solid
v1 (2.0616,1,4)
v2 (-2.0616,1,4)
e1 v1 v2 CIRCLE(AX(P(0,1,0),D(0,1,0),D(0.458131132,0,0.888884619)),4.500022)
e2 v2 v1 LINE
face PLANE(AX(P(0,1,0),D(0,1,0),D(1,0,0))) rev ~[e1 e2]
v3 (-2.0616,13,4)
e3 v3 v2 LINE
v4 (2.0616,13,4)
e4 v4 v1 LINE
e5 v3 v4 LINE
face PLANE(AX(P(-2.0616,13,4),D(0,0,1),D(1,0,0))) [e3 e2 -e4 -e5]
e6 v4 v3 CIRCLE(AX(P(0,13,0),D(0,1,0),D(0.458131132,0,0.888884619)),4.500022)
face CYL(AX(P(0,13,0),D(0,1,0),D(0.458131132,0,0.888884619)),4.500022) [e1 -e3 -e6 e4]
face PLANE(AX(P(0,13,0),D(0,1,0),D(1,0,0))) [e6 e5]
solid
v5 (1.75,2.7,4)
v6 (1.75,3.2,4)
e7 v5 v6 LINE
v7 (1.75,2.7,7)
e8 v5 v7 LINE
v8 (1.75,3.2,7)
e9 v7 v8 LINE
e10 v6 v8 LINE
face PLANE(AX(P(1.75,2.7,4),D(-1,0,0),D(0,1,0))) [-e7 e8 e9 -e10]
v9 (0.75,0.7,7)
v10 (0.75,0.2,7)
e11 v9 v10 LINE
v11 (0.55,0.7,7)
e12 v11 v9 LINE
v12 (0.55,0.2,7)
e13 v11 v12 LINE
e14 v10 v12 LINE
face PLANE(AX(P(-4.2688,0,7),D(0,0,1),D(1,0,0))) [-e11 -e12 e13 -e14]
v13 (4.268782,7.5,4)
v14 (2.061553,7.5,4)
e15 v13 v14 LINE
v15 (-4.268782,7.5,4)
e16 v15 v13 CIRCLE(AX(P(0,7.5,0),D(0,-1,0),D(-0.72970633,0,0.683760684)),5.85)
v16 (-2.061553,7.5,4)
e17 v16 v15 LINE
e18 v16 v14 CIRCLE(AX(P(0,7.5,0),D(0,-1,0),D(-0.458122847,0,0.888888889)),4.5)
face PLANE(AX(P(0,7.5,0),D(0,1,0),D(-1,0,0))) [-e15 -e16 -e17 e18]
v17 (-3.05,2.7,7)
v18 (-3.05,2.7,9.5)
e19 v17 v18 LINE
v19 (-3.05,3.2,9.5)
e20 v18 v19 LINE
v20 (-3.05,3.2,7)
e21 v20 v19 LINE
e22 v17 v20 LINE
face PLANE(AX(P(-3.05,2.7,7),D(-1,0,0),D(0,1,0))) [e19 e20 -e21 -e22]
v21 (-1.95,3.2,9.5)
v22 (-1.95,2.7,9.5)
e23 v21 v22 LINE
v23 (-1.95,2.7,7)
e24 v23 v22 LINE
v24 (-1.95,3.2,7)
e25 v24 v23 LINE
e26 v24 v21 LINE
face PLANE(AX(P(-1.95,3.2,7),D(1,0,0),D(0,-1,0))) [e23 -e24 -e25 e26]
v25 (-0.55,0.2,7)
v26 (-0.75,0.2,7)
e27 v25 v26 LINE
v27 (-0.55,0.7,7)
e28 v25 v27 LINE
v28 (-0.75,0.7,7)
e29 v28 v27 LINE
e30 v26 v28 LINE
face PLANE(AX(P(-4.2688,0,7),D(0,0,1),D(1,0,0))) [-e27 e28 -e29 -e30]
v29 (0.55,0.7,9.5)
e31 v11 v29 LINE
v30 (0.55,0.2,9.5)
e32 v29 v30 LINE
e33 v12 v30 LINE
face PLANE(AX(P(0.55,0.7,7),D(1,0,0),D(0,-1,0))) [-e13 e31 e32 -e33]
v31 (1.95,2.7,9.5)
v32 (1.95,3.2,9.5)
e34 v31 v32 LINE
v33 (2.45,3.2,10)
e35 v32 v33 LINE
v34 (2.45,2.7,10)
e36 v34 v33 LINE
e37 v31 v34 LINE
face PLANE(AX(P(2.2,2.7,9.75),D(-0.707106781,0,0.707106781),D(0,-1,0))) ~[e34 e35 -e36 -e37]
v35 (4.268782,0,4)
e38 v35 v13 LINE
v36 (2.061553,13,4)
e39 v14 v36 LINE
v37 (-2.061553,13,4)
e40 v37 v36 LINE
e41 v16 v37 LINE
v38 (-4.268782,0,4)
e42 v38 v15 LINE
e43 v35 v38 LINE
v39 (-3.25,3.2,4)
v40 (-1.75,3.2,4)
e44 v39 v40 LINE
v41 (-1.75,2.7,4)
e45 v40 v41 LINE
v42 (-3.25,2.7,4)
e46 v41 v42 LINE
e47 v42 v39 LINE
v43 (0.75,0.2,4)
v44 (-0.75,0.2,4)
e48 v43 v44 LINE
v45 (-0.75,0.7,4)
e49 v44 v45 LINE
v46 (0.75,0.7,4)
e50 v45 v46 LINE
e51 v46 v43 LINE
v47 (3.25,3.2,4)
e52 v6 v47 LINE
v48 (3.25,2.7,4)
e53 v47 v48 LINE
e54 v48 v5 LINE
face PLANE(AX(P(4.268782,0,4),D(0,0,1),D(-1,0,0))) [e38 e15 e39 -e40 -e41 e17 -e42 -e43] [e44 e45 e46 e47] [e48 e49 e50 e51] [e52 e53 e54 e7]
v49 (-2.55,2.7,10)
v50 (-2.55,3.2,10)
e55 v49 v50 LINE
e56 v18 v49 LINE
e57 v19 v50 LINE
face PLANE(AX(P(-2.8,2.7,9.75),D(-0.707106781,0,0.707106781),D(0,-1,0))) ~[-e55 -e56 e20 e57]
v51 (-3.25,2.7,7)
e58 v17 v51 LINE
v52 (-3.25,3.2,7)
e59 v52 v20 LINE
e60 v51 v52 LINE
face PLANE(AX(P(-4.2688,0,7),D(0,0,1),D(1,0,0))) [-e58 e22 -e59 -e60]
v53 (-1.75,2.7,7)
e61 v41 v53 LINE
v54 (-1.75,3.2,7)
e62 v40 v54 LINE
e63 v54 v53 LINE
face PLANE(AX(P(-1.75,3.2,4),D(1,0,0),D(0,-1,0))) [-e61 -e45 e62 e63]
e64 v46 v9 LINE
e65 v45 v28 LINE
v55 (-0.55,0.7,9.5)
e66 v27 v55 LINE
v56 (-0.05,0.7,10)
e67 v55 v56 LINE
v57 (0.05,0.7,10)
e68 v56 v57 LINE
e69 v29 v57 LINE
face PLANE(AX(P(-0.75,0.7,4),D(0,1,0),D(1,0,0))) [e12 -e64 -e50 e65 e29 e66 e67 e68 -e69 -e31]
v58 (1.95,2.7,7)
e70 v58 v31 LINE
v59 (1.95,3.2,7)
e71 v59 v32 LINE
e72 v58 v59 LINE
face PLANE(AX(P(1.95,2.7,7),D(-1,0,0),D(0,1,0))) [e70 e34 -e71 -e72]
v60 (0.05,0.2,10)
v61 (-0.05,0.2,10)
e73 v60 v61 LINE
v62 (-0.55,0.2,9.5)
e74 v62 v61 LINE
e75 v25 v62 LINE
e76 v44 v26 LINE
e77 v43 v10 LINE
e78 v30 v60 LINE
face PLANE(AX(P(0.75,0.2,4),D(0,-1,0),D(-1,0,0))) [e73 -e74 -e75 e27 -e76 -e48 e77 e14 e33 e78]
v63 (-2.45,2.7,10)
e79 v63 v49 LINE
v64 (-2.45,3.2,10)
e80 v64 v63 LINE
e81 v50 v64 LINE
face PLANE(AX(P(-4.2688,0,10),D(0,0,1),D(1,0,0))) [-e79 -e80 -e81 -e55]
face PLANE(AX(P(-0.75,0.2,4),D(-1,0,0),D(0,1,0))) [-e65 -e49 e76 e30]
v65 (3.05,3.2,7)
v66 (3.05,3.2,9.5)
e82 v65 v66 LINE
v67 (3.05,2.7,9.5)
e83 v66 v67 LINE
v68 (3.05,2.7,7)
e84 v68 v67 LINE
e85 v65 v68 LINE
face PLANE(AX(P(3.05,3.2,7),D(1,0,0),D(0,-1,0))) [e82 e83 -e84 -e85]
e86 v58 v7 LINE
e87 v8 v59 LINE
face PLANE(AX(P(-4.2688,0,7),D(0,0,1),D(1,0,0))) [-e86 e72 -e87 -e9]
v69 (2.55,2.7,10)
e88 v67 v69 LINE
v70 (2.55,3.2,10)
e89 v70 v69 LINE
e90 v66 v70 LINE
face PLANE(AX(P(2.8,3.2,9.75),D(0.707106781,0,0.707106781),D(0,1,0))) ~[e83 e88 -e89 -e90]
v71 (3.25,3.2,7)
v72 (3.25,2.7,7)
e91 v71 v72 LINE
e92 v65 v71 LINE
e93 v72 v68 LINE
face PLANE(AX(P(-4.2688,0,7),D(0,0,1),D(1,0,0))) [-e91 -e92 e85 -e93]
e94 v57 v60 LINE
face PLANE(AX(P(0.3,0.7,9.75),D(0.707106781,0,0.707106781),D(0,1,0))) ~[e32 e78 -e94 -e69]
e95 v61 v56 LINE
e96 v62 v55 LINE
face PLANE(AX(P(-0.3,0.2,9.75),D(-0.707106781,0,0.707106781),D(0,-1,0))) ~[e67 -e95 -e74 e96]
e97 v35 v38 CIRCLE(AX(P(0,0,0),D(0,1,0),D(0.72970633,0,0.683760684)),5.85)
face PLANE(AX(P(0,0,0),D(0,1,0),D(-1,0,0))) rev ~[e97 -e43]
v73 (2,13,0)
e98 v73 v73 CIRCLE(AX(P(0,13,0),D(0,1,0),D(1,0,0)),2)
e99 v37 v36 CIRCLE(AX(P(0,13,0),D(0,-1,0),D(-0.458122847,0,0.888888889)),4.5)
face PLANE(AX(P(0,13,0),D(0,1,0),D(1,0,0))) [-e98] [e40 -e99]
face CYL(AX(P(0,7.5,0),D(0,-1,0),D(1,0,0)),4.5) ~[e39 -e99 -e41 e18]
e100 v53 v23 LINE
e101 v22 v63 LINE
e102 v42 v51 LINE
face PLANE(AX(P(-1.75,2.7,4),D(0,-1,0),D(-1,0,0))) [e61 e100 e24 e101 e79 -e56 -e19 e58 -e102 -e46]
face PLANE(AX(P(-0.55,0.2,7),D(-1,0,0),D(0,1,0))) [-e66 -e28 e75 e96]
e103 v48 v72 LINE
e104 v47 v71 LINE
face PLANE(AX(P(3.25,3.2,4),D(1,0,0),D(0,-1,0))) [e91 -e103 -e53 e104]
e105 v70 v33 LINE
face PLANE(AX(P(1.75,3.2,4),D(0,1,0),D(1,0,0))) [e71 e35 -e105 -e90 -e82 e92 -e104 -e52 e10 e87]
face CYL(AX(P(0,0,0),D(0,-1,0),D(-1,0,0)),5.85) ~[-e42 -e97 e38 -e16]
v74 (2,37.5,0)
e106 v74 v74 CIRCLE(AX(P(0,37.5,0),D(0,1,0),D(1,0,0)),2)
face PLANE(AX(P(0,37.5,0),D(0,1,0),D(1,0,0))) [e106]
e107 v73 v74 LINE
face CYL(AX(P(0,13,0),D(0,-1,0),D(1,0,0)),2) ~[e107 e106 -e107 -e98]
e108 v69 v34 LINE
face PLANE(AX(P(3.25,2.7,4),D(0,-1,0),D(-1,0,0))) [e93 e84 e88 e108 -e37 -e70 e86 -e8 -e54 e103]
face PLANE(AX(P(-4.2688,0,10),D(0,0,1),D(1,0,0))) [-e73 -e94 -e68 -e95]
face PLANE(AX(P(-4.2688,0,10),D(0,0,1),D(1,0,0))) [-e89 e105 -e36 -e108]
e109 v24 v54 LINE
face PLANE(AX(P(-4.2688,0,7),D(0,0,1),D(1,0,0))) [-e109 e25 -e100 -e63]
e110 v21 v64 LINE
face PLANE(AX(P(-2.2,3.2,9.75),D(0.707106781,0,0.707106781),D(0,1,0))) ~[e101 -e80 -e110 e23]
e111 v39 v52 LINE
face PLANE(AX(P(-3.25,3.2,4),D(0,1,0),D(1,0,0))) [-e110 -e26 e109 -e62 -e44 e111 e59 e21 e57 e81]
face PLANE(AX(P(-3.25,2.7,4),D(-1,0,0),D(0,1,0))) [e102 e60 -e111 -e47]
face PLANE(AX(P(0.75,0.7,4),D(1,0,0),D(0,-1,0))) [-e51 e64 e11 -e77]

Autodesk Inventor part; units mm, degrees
ref_plane "YZ Plane" through (0, 0, 0) normal (1, 0, 0) x (0, 1, 0)
ref_plane "XZ Plane" through (0, 0, 0) normal (0, 1, 0) x (-1, 0, 0)
ref_plane "XY Plane" through (0, 0, 0) normal (0, 0, 1) x (1, 0, 0)
sketch "Sketch1" plane through (0, 0, 0) normal (0, 1, 0) x (-1, 0, 0)
  circle A0 centre (0, 0) radius 5.85
  line L0 (5, 0) -> (-5, 0)
  line L1 (-5, 0) -> (-5, 4)
  line L2 (-5, 4) -> (5, 4)
  line L3 (5, 4) -> (5, 0)
  point P0 (4.2688, 4)
  point P1 (-4.2688, 4)
  dimension "d0" = 11.7
  dimension "d1" = 4
  dimension "d2" = 10
extrude "Extrusion1" add sketch "Sketch1" along normal blind 7.5 contours A0 L1 L0 L3 | L3 L0 L1 A0 L2
sketch "Sketch2" plane through (0, 7.5, 0) normal (0, 1, 0) x (1, 0, 0)
  arc A0 (4.2688, -4) -> (-4.2688, -4) centre (0, 0) ccw projected
  circle A1 centre (0, 0) radius 4.5
  line L0 (-4.2688, -4) -> (4.2688, -4) projected
  arc A2 (4.2688, -4) -> (-4.2688, -4) centre (0, 0) ccw projected
  point P0 (-2.0616, -4)
  point P1 (2.0616, -4)
  dimension "d5" = 9
extrude "Extrusion2" add sketch "Sketch2" along normal blind 5.5 contours L0 A1 picked at (-0.2884, 2.0732)
sketch "Sketch3" plane through (0, 13, 0) normal (0, 1, 0) x (1, 0, 0)
  circle A0 centre (0, 0) radius 2
  dimension "d8" = 4
extrude "Extrusion3" add sketch "Sketch3" along normal blind 24.5
sketch "Sketch4" plane through (-4.2688, 0, 4) normal (0, 0, 1) x (1, 0, 0)
  line L0 (3.5188, 0.7) -> (5.0188, 0.7)
  line L1 (5.0188, 0.7) -> (5.0188, 0.2)
  line L2 (5.0188, 0.2) -> (3.5188, 0.2)
  line L3 (3.5188, 0.2) -> (3.5188, 0.7)
  line L4 (0, 0) -> (8.5376, 0) projected
  line L5 (6.3303, 7.5) -> (8.5376, 7.5) projected
  line L6 (1.0188, 3.2) -> (2.5188, 3.2)
  line L7 (2.5188, 3.2) -> (2.5188, 2.7)
  line L8 (2.5188, 2.7) -> (1.0188, 2.7)
  line L9 (1.0188, 2.7) -> (1.0188, 3.2)
  line L10 (6.0188, 3.2) -> (7.5188, 3.2)
  line L11 (7.5188, 3.2) -> (7.5188, 2.7)
  line L12 (7.5188, 2.7) -> (6.0188, 2.7)
  line L13 (6.0188, 2.7) -> (6.0188, 3.2)
  point P0 (4.2688, 0)
  point P1 (4.2688, 0)
  point P2 (4.2688, 0.2)
  point P3 (5.0188, 0.45)
  point P4 (2.5188, 2.95)
  point P5 (6.0188, 2.95)
  point P6 (3.5188, 0.45)
  point P7 (1.0188, 2.95)
  point P8 (6.7688, 2.7)
  point P9 (1.7688, 2.7)
  dimension "d11" = 0.5
  dimension "d12" = 1.5
  dimension "d13" = 7.05
  dimension "d14" = 2.5
  dimension "d15" = 2.5
  dimension "d16" = 2.5
extrude "Extrusion4" add sketch "Sketch4" along normal blind 3
sketch "Sketch5" plane through (-4.2688, 0, 7) normal (0, 0, 1) x (1, 0, 0)
  line L0 (1.0188, 3.2) -> (2.5188, 3.2) projected
  line L1 (1.2188, 3.2) -> (2.3188, 3.2)
  line L2 (2.3188, 3.2) -> (2.3188, 2.7)
  line L3 (2.3188, 2.7) -> (1.2188, 2.7)
  line L4 (1.2188, 2.7) -> (1.2188, 3.2)
  line L5 (1.0188, 2.7) -> (2.5188, 2.7) projected
  line L6 (7.5188, 3.2) -> (6.0188, 3.2) projected
  line L7 (6.2188, 3.2) -> (7.3188, 3.2)
  line L8 (7.3188, 3.2) -> (7.3188, 2.7)
  line L9 (7.3188, 2.7) -> (6.2188, 2.7)
  line L10 (6.2188, 2.7) -> (6.2188, 3.2)
  line L11 (3.5188, 0.7) -> (5.0188, 0.7) projected
  line L12 (3.7188, 0.7) -> (4.8188, 0.7)
  line L13 (4.8188, 0.7) -> (4.8188, 0.2)
  line L14 (4.8188, 0.2) -> (3.7188, 0.2)
  line L15 (3.7188, 0.2) -> (3.7188, 0.7)
  line L16 (6.0188, 2.7) -> (7.5188, 2.7) projected
  line L17 (3.5188, 0.2) -> (5.0188, 0.2) projected
  point P0 (4.2688, 0)
  point P1 (1.7688, 2.7)
  point P2 (2.3188, 2.95)
  point P3 (6.7688, 2.7)
  point P4 (4.2688, 0.2)
  point P5 (7.3188, 2.95)
  point P6 (6.2188, 2.95)
  dimension "d19" = 1.1
  dimension "d20" = 1.1
  dimension "d21" = 1.1
extrude "Extrusion5" add sketch "Sketch5" along normal blind 3
chamfer "Chamfer1" distance 0.5 angle 45 6 edges at (-3.05, 2.95, 10) (-1.95, 2.95, 10) (-0.55, 0.45, 10) (0.55, 0.45, 10) (1.95, 2.95, 10) (3.05, 2.95, 10)
sketch "Sketch6" plane through (0, 13, 0) normal (0, 1, 0) x (1, 0, 0)
  circle A0 centre (0, 0) radius 2 projected
  arc A1 (2.0616, -4) -> (-2.0616, -4) centre (0, 0) ccw projected
  line L0 (-2.0616, -4) -> (2.0616, -4) projected
extrude "Extrusion6" add sketch "Sketch6" against normal blind 12 separate body contours A0 | L0 A1
properties part number "SMC10H04"
